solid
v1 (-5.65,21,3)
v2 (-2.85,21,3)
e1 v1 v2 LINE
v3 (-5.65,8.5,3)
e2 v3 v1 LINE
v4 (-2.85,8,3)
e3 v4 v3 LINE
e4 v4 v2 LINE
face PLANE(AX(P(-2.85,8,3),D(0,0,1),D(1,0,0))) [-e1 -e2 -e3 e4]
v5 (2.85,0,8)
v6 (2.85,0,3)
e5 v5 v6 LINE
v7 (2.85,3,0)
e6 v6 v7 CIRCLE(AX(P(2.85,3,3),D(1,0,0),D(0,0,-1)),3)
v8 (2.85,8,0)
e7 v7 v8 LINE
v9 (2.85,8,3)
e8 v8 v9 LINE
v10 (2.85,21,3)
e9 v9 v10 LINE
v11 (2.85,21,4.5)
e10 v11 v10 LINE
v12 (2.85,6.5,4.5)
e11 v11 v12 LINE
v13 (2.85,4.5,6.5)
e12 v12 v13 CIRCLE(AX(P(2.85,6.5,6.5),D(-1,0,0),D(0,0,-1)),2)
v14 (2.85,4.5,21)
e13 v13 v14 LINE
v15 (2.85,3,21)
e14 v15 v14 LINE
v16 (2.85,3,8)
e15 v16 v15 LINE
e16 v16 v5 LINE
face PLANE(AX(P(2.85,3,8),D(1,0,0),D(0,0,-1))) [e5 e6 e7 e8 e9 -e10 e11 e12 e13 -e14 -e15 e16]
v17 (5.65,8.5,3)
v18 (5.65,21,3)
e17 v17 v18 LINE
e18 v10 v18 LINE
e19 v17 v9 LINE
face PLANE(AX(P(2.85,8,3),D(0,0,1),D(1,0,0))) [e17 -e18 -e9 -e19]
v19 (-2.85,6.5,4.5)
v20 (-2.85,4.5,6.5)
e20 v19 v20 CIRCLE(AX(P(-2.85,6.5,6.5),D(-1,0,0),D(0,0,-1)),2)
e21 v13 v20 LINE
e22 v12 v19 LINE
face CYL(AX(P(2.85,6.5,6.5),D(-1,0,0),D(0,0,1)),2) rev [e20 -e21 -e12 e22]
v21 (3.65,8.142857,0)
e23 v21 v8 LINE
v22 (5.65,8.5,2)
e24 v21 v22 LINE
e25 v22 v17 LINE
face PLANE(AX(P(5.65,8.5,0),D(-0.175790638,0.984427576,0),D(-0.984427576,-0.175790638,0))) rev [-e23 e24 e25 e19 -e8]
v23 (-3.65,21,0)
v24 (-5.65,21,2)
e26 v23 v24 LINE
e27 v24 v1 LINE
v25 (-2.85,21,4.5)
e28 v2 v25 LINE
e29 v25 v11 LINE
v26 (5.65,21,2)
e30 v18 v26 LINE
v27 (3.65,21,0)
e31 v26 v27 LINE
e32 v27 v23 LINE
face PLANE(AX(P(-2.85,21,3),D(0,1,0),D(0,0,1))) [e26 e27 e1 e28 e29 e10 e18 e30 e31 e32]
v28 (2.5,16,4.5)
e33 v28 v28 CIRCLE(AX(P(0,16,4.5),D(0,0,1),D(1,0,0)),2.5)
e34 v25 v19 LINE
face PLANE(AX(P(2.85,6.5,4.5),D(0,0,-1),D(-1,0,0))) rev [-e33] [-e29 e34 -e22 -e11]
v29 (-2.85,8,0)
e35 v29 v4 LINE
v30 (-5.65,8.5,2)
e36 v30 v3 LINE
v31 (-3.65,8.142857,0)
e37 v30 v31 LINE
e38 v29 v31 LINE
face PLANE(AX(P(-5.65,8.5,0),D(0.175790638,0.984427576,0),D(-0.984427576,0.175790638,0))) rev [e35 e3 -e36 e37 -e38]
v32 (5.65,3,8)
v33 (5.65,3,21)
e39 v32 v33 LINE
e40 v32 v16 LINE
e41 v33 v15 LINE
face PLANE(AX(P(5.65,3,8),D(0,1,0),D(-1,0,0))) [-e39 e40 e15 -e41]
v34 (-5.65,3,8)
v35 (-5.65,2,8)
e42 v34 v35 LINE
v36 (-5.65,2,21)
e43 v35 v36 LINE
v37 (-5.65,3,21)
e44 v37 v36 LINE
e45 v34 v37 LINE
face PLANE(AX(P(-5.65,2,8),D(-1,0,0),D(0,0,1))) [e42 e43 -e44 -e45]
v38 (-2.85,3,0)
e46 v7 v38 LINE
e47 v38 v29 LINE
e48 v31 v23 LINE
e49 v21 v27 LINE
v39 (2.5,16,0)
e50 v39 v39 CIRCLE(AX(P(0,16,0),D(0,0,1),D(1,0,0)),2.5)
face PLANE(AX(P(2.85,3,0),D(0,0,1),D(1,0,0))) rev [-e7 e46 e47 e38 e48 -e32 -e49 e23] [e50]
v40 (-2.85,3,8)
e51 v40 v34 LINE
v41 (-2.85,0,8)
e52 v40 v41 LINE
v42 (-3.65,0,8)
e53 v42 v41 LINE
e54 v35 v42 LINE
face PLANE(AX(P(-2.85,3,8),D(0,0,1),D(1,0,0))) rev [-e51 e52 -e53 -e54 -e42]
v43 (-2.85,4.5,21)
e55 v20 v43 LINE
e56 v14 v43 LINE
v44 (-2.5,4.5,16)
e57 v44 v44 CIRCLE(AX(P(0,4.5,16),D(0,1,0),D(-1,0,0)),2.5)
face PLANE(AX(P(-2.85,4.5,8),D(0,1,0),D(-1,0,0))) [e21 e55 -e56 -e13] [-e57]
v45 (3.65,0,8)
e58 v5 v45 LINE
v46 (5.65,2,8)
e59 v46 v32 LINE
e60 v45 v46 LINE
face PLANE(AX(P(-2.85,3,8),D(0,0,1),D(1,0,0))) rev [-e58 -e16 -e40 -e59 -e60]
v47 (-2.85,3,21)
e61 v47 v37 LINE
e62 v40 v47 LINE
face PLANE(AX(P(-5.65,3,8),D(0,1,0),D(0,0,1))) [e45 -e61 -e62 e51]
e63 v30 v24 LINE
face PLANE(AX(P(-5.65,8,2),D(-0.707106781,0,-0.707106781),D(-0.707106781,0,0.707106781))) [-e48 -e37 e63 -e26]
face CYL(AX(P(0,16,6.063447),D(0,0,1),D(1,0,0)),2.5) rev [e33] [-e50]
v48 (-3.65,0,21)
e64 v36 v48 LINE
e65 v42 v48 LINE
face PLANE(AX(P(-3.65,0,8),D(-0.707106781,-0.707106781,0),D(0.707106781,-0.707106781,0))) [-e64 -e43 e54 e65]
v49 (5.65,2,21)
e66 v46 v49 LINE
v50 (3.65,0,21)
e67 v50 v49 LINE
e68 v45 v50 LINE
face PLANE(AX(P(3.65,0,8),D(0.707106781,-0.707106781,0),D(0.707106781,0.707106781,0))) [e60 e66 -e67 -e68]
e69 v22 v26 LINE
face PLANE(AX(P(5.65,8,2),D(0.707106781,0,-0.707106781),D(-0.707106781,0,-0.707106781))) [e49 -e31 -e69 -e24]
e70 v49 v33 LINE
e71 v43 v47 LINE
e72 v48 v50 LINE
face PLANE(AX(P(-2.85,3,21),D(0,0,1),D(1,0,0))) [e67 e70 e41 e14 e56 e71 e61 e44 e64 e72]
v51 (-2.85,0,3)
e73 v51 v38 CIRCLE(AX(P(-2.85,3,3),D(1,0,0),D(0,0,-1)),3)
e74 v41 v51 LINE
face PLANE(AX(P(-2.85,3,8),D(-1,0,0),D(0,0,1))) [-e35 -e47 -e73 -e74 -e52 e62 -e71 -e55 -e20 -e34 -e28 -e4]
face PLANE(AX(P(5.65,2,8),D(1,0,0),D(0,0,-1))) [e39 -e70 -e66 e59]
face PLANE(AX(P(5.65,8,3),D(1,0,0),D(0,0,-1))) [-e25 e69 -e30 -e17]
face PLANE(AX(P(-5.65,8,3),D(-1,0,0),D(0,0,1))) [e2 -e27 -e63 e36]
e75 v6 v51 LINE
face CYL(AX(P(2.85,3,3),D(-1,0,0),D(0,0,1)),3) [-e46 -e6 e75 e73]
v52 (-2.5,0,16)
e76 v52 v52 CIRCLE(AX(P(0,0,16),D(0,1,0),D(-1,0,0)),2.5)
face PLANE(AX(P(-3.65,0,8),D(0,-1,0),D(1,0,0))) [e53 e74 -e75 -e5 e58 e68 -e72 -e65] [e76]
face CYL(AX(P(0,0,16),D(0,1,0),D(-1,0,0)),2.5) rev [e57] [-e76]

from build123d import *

# Parameters (mm, degrees)
BOSS_EXTRUDE1_DEPTH      = 13
SKETCH2_R                = 2.5
CUT_EXTRUDE1_DEPTH       = 23.207487476
BOSS_EXTRUDE2_DEPTH      = 13
CUT_EXTRUDE2_DEPTH       = 28.297847901
BOSS_EXTRUDE3_DEPTH      = 2.85
BOSS_EXTRUDE3_DEPTH_BACK = 2.85
SKETCH5_W                = 4.5
SKETCH5_H                = 2.5


with BuildPart() as part:
    # Sketch1 → Boss-Extrude1 (new body)
    with BuildSketch(Plane.XY.offset(21)):
        Polygon((-2.85, 4.5), (2.85, 4.5), (2.85, 3), (5.65, 3), (5.65, 2), (3.65, 0), (-3.65, 0), (-5.65, 2), (-5.65, 3), (-2.85, 3), align=None)
    extrude(amount=-BOSS_EXTRUDE1_DEPTH)

    # Sketch2 → Cut-Extrude1 (cut, through all)
    with BuildSketch(Plane(origin=(0, 4.5, 0), x_dir=(1, 0, 0), z_dir=(0, 1, 0))):
        with Locations(Location((0, -16, 0), (0, 0, 180))):
            Circle(SKETCH2_R)
    extrude(amount=-CUT_EXTRUDE1_DEPTH, mode=Mode.SUBTRACT)



with BuildPart() as body_2:
    # Sketch3 → Boss-Extrude2 (new body)
    with BuildSketch(Plane(origin=(0, 21, 0), x_dir=(-1, 0, 0), z_dir=(0, 1, 0))):
        Polygon((2.85, 4.5), (-2.85, 4.5), (-2.85, 3), (-5.65, 3), (-5.65, 2), (-3.65, 0), (3.65, 0), (5.65, 2), (5.65, 3), (2.85, 3), align=None)
    extrude(amount=-BOSS_EXTRUDE2_DEPTH)

    # Sketch6 → Cut-Extrude2 (cut, through all)
    with BuildSketch(Plane.XY.offset(4.5)):
        Polygon((-5.65, 8), (-5.65, 8.5), (-2.85, 8), align=None)
        Polygon((2.85, 8), (5.65, 8), (5.65, 8.5), align=None)
    extrude(amount=-CUT_EXTRUDE2_DEPTH, mode=Mode.SUBTRACT)


with BuildPart() as part_1:
    add(part.part)

    add(body_2.part)  # Boss-Extrude3 merges body 2
    # Sketch7 → Boss-Extrude3 (add, two sides: drawn at the far end of the back side and taken through both)
    with BuildSketch(Plane(origin=(0, 0, 0), x_dir=(0, 0, -1), z_dir=(1, 0, 0)).offset(-BOSS_EXTRUDE3_DEPTH_BACK)):
        with BuildLine():
            Line((-8, 0), (-3, 0))
            ThreePointArc((-3, 0), (-0.878679656, 0.878679656), (0, 3))
            Line((0, 3), (0, 8))
            Line((0, 8), (-4.5, 8))
            Line((-4.5, 8), (-4.5, 6.5))
            ThreePointArc((-4.5, 6.5), (-5.085786438, 5.085786438), (-6.5, 4.5))
            Line((-6.5, 4.5), (-8, 4.5))
            Line((-8, 4.5), (-8, 0))
        make_face()
    extrude(amount=BOSS_EXTRUDE3_DEPTH + BOSS_EXTRUDE3_DEPTH_BACK)

    # Sketch5 → Cut-Revolve1 (revolve, cut)
    with BuildSketch(Plane(origin=(0, 0, 0), x_dir=(0, 0, -1), z_dir=(1, 0, 0)), mode=Mode.PRIVATE) as cut_revolve1_sk:
        with Locations((-2.25, 17.25)):
            Rectangle(SKETCH5_W, SKETCH5_H)
    revolve(cut_revolve1_sk.sketch.rotate(Axis((0, 16, 6.063446942), (0, 0, -1)), 90), axis=Axis((0, 16, 6.063446942), (0, 0, -1)), mode=Mode.SUBTRACT)


solid = part_1.part
